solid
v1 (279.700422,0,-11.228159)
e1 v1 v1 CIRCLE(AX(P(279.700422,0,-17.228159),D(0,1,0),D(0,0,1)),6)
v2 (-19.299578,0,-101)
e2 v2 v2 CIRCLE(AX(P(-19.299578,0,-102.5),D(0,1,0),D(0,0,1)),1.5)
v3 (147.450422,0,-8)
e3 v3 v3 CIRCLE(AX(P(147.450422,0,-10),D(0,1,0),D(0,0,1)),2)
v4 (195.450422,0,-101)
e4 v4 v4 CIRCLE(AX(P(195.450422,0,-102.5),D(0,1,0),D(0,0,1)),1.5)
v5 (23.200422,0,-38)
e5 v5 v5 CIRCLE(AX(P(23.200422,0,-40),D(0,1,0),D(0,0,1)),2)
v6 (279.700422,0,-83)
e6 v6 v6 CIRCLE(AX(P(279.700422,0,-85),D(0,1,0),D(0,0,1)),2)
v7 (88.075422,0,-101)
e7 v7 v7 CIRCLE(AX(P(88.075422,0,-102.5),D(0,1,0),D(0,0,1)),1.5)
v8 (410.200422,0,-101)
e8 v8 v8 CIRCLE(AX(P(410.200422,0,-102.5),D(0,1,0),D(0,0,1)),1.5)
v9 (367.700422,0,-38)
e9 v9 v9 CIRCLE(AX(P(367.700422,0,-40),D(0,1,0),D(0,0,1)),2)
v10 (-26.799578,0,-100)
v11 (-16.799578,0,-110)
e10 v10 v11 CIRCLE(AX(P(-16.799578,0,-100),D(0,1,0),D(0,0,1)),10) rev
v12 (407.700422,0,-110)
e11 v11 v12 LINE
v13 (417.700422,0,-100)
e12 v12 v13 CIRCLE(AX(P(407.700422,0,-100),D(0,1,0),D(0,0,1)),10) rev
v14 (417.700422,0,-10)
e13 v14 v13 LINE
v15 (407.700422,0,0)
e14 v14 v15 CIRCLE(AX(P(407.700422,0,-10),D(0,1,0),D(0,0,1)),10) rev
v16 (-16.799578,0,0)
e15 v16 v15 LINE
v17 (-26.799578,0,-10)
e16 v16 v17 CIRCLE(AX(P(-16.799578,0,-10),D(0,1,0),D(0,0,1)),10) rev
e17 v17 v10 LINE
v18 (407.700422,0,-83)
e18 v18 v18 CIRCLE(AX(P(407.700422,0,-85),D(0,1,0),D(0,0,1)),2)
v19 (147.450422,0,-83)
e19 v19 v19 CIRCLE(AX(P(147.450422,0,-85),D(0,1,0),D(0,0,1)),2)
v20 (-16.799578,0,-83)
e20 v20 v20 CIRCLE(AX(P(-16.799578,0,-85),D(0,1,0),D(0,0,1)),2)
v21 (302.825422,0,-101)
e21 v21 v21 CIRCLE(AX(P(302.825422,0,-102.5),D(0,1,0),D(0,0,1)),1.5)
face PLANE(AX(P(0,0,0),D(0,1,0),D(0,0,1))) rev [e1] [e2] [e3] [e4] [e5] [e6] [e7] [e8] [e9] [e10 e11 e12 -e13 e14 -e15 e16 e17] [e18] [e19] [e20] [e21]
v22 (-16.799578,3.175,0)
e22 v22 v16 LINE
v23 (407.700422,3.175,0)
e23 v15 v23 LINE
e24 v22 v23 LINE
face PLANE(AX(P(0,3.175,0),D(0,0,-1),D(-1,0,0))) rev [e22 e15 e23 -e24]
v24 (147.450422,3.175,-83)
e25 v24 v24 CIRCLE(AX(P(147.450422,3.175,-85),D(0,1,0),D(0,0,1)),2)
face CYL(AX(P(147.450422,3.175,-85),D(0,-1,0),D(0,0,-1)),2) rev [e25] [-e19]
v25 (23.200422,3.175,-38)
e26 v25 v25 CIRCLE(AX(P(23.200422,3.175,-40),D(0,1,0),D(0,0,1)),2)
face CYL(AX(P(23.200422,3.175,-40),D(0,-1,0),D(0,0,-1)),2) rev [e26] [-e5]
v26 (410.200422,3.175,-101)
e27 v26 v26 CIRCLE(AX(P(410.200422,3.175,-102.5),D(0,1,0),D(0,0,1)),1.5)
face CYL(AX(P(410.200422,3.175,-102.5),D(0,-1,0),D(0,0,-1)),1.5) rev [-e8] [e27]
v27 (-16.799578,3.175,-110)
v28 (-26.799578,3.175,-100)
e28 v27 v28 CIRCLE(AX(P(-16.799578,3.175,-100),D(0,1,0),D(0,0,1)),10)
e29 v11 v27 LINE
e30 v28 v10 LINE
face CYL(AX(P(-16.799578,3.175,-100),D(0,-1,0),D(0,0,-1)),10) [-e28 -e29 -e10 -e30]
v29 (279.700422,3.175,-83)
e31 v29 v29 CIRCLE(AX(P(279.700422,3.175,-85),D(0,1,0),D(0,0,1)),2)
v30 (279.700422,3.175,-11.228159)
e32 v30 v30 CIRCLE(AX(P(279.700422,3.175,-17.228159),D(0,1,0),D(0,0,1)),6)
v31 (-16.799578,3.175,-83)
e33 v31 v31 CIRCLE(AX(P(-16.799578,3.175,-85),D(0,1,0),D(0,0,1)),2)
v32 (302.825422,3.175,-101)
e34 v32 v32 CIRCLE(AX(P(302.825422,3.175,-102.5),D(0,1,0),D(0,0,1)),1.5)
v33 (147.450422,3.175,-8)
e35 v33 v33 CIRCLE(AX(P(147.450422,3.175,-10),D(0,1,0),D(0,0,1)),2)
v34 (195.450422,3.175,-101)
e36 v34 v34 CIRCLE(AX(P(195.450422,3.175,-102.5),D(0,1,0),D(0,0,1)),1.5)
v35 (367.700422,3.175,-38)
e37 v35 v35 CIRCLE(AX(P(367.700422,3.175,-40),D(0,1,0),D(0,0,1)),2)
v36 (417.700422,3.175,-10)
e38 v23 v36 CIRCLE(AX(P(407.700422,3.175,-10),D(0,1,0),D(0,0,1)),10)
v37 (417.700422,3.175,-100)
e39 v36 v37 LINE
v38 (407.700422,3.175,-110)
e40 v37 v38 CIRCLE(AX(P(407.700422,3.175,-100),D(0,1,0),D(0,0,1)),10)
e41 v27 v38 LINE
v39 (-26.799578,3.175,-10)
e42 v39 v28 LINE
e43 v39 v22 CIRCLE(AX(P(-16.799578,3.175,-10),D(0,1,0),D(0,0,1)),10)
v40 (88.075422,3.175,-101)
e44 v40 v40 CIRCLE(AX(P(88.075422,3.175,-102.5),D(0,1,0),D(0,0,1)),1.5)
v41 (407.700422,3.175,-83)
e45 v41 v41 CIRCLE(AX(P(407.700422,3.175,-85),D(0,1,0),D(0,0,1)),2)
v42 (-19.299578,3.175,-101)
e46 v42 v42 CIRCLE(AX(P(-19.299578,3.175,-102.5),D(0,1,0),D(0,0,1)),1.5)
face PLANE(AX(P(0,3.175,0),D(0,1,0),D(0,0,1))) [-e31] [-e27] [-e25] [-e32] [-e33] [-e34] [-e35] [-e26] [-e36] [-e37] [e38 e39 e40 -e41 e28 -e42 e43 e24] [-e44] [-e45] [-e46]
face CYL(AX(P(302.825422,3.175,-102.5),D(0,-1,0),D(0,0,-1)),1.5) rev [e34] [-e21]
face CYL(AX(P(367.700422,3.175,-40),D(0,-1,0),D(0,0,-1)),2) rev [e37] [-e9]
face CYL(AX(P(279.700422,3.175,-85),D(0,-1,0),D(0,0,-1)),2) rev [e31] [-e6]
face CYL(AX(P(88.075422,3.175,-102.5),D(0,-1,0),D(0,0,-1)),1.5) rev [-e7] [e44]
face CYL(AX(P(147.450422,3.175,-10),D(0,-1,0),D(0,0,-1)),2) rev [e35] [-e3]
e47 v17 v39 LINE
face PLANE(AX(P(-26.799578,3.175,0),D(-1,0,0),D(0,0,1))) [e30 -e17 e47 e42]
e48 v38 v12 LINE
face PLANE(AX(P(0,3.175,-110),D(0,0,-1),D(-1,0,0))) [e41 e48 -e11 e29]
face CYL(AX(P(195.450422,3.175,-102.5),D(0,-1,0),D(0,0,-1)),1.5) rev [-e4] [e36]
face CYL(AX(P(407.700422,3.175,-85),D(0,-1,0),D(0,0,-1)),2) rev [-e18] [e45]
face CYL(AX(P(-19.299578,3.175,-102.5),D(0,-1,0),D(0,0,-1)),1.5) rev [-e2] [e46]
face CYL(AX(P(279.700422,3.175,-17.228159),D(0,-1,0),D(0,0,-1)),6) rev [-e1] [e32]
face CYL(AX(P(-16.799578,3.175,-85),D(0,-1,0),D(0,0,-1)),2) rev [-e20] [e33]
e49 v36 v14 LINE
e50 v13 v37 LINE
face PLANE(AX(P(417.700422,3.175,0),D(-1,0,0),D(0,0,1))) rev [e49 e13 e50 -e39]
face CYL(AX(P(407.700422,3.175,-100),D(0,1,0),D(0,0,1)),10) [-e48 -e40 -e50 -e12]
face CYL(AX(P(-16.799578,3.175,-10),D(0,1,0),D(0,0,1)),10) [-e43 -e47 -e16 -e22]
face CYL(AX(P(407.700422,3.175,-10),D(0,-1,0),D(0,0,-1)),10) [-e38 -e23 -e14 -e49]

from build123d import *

# Parameters (mm, degrees)
SKETCH1_R           = 2
SKETCH1_R_2         = 6
SKETCH1_R_3         = 1.5
BOSS_EXTRUDE1_DEPTH = 3.175
FILLET1_R           = 10


with BuildPart() as part:
    # Sketch1 → Boss-Extrude1 (new body)
    with BuildSketch(Plane(origin=(0, 0, 0), x_dir=(1, 0, 0), z_dir=(0, 1, 0))):
        Polygon((417.700422465, 110), (-26.799577535, 110), (-26.799577535, 0), (417.700422465, 0), (417.700422465, 17.22815868), align=None)
        with Locations(Location((147.450422465, 10, 0), (0, 0, 270))):
            Circle(SKETCH1_R, mode=Mode.SUBTRACT)
        with Locations(Location((23.200422465, 40, 0), (0, 0, 270))):
            Circle(SKETCH1_R, mode=Mode.SUBTRACT)
        with Locations(Location((279.700422465, 17.22815868, 0), (0, 0, 270))):
            Circle(SKETCH1_R_2, mode=Mode.SUBTRACT)
        with Locations(Location((367.700422465, 40, 0), (0, 0, 270))):
            Circle(SKETCH1_R, mode=Mode.SUBTRACT)
        with Locations(Location((-16.799577535, 85, 0), (0, 0, 270))):
            Circle(SKETCH1_R, mode=Mode.SUBTRACT)
        with Locations(Location((-19.299577535, 102.5, 0), (0, 0, 270))):
            Circle(SKETCH1_R_3, mode=Mode.SUBTRACT)
        with Locations(Location((88.075422465, 102.5, 0), (0, 0, 270))):
            Circle(SKETCH1_R_3, mode=Mode.SUBTRACT)
        with Locations(Location((147.450422465, 85, 0), (0, 0, 270))):
            Circle(SKETCH1_R, mode=Mode.SUBTRACT)
        with Locations(Location((279.700422465, 85, 0), (0, 0, 270))):
            Circle(SKETCH1_R, mode=Mode.SUBTRACT)
        with Locations(Location((195.450422465, 102.5, 0), (0, 0, 270))):
            Circle(SKETCH1_R_3, mode=Mode.SUBTRACT)
        with Locations(Location((302.825422465, 102.5, 0), (0, 0, 270))):
            Circle(SKETCH1_R_3, mode=Mode.SUBTRACT)
        with Locations(Location((407.700422465, 85, 0), (0, 0, 270))):
            Circle(SKETCH1_R, mode=Mode.SUBTRACT)
        with Locations(Location((410.200422465, 102.5, 0), (0, 0, 270))):
            Circle(SKETCH1_R_3, mode=Mode.SUBTRACT)
    extrude(amount=BOSS_EXTRUDE1_DEPTH)

    # Fillet1
    fillet1_edges = [part.edges().sort_by_distance(p)[0] for p in [
        (-26.799577535, 1.5875, -110),
        (417.700422465, 1.5875, -110),
        (417.700422465, 1.5875, 0),
        (-26.799577535, 1.5875, 0),
    ]]
    fillet(fillet1_edges, radius=FILLET1_R)


solid = part.part
